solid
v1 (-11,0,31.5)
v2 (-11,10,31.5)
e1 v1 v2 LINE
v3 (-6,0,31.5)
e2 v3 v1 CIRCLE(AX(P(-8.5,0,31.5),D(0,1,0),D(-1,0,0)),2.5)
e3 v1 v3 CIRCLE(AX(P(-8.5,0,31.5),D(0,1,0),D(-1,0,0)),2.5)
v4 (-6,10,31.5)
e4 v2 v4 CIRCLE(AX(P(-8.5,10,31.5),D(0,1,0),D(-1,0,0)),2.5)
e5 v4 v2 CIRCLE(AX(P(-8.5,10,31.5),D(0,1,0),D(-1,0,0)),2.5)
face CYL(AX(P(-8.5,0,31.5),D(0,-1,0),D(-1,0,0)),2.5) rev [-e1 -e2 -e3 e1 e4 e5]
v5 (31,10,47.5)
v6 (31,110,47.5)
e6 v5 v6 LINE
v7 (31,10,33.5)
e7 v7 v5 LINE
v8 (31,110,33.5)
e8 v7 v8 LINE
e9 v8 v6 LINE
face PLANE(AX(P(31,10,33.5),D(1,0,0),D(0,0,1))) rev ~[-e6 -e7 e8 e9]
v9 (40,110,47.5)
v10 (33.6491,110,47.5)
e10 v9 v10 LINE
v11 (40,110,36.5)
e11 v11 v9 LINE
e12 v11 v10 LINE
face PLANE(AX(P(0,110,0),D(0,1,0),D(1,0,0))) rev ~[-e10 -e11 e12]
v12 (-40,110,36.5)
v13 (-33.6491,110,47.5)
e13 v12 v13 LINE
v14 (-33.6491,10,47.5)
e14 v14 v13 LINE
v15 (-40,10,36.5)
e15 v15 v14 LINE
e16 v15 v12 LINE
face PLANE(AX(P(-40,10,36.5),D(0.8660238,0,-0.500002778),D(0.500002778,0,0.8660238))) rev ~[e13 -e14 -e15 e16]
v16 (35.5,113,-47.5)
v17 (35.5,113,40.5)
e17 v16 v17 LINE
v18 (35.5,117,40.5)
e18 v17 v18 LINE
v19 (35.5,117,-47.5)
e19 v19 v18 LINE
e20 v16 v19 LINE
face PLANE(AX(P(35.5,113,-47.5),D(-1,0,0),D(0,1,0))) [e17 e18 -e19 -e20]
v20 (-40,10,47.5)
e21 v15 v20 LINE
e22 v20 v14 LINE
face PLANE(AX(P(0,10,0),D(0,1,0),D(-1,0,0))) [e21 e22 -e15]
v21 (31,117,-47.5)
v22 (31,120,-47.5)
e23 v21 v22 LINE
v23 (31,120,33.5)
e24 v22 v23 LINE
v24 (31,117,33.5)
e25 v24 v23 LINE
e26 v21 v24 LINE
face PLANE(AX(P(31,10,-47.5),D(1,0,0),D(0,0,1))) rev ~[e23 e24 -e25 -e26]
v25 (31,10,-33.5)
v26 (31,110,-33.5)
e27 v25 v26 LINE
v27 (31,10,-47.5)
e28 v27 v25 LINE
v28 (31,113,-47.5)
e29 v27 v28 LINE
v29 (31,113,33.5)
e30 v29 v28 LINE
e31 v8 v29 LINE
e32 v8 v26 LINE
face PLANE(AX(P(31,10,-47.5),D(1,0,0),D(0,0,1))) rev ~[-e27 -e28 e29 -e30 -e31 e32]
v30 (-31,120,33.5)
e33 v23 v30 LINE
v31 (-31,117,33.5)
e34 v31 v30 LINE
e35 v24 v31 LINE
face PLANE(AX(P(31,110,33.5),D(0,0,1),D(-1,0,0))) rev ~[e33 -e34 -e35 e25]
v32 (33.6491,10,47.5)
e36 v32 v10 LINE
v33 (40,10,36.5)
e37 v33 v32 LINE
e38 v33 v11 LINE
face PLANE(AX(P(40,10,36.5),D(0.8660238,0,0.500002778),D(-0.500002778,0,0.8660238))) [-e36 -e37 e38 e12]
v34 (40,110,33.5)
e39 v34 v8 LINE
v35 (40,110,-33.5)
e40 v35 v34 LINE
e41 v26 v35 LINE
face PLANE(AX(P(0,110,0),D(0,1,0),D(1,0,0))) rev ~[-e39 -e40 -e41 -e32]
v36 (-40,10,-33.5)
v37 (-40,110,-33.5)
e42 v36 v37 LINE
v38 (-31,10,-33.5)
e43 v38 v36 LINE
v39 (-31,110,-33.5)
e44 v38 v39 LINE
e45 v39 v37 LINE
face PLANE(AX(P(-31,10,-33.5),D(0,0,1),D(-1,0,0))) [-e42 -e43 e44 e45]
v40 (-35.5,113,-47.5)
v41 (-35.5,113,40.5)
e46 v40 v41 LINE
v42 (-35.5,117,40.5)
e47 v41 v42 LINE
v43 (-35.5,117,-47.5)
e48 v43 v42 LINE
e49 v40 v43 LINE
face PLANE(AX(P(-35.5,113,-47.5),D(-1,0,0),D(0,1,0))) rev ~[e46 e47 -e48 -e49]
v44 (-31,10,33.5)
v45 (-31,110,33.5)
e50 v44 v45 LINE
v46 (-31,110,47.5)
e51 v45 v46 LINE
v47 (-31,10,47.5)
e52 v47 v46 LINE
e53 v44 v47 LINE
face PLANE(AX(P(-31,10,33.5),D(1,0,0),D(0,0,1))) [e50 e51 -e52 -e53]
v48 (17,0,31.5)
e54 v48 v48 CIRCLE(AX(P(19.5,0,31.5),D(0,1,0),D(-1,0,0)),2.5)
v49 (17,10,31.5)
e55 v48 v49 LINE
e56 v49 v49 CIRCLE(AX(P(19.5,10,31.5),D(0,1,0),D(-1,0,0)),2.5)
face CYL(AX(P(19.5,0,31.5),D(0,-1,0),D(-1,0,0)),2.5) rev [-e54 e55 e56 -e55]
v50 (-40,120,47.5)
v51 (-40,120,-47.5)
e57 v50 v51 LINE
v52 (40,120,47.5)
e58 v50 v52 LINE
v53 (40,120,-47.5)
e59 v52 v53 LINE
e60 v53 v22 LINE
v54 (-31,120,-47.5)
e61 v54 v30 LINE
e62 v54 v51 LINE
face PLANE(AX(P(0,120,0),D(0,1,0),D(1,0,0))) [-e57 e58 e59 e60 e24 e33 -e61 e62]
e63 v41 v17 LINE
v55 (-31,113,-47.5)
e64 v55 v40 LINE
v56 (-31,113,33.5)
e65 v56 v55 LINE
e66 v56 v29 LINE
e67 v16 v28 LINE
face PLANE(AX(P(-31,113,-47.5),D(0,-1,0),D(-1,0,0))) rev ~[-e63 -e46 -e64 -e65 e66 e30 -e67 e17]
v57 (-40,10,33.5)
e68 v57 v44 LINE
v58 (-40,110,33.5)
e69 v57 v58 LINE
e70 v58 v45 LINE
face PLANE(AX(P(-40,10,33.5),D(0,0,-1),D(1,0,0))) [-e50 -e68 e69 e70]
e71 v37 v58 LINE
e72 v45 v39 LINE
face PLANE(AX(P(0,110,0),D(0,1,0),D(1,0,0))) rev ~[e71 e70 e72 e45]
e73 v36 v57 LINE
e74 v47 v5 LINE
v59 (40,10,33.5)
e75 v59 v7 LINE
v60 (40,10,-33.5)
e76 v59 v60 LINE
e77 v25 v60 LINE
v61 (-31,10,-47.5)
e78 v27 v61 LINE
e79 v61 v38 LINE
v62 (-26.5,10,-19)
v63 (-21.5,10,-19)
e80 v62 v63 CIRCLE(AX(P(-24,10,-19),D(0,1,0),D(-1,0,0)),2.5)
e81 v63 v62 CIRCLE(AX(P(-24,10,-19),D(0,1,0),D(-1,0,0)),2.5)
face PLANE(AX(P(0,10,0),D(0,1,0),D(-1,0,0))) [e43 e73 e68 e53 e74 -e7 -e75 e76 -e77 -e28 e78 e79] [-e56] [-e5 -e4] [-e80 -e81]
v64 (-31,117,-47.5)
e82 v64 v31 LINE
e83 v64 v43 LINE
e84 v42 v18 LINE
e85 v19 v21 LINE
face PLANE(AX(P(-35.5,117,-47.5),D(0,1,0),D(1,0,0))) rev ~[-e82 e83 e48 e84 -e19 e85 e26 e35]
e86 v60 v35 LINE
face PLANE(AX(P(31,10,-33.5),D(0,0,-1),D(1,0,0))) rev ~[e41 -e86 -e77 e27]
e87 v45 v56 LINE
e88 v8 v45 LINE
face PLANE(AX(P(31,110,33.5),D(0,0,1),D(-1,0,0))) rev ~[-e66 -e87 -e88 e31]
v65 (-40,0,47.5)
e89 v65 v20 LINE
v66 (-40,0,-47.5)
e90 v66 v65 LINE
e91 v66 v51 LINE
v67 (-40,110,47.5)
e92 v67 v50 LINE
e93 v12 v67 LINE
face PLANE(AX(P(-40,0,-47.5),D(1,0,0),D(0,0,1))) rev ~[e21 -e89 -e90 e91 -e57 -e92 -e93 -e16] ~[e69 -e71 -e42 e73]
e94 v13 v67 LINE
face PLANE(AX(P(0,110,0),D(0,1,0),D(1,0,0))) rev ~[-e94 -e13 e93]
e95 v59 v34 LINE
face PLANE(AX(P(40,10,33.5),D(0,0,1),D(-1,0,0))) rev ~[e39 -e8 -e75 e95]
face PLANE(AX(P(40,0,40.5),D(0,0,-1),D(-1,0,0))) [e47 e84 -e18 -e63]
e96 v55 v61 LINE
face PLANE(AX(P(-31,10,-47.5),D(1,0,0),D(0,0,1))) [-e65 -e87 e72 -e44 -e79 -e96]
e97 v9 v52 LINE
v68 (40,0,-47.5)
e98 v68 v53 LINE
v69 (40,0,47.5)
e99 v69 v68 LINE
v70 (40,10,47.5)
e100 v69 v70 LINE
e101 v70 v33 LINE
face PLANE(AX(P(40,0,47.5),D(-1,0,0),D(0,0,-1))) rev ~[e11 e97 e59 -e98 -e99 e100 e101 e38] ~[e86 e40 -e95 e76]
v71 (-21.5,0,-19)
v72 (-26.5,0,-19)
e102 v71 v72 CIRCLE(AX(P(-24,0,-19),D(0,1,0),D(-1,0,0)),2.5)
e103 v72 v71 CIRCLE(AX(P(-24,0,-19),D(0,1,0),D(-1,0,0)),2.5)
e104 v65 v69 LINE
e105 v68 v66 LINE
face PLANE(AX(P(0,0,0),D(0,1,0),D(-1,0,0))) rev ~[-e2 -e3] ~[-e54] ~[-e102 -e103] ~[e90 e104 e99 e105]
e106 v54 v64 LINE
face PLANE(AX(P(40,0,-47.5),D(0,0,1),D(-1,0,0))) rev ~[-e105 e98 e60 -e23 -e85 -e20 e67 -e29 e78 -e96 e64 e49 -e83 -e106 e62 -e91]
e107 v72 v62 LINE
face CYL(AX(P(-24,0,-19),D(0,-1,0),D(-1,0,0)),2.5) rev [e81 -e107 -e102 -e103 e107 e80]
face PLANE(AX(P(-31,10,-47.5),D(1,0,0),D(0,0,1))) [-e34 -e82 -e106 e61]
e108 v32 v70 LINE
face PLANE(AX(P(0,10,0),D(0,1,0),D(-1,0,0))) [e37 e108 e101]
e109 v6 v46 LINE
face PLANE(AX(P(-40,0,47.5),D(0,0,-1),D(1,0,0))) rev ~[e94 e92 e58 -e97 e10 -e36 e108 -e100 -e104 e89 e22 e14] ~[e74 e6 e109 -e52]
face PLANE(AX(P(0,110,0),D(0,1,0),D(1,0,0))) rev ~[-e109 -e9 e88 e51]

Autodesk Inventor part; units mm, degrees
ref_plane "YZ Plane" through (0, 0, 0) normal (1, 0, 0) x (0, 1, 0)
ref_plane "XZ Plane" through (0, 0, 0) normal (0, 1, 0) x (-1, 0, 0)
ref_plane "XY Plane" through (0, 0, 0) normal (0, 0, 1) x (1, 0, 0)
sketch "Sketch1" plane through (0, 0, 0) normal (0, 1, 0) x (-1, 0, 0)
  line L0 (-40, -47.5) -> (40, -47.5)
  line L1 (40, -47.5) -> (40, 47.5)
  line L2 (40, 47.5) -> (-40, 47.5)
  line L3 (-40, 47.5) -> (-40, -47.5)
  line L4 (-40, -47.5) -> (40, 47.5) construction
  line L5 (40, -47.5) -> (-40, 47.5) construction
  line L6 (0, 0) -> (0, -31.5)
  line L7 (0, -31.5) -> (8.5, -31.5)
  line L8 (0, 0) -> (2.25, 0)
  line L9 (0, 0) -> (0, 17.5)
  line L10 (0, 17.5) -> (0, 19)
  line L11 (0, 19) -> (24, 19)
  line L12 (0, -17.5) -> (0, -19)
  line L13 (0, 31.5) -> (-19.5, 31.5)
  line L14 (0, 0) -> (0, 31.5)
  line L15 (0, 31.5) -> (8.5, 31.5)
  circle A0 centre (8.5, 31.5) radius 2.5
  line L16 (0, -19) -> (24, -19)
  circle A1 centre (24, -19) radius 2.5
  line L17 (0, 0) -> (0, -17.5)
  circle A2 centre (-19.5, 31.5) radius 2.5
  circle A3 centre (-19.5, 31.5) radius 2.5
  point P0 (0.5, 0.75)
  point P1 (0.5, -0.75)
  dimension "d0" = 80
  dimension "d1" = 95
  dimension "d2" = 17.5
  dimension "d3" = 8.5
  dimension "d5" = 31.5
  dimension "d6" = 24
  dimension "d7" = 2.25
  dimension "d12" = 19.5
extrude "Extrusion1" add sketch "Sketch1" along normal blind 10
sketch "Sketch2" plane through (0, 10, 0) normal (0, 1, 0) x (1, 0, 0)
  line L0 (-40, -47.5) -> (40, -47.5) projected
  line L1 (-40, -47.5) -> (-40, -36.5)
  line L2 (-40, 47.5) -> (-40, -47.5) projected
  line L3 (-40, -36.5) -> (-33.6491, -47.5)
  line L4 (-40, -36.5) -> (-27.2983, -36.5) construction
  line L5 (-33.6491, -47.5) -> (-33.6491, -43.5)
  line L6 (-40, -36.5) -> (-40, -33.5)
  line L7 (-33.6491, -47.5) -> (-33.6491, -45.5)
  line L8 (-32.6491, -47.5) -> (-31.6491, -47.5)
  line L9 (0, 0) -> (0, -47.5)
  line L10 (-40, -33.5) -> (-31, -33.5)
  line L11 (-31, -33.5) -> (-31, -47.5)
  line L12 (-33.6491, -47.5) -> (-31, -47.5)
  line L13 (40, -47.5) -> (40, -36.5)
  line L14 (40, -36.5) -> (33.6491, -47.5)
  line L15 (40, -36.5) -> (27.2983, -36.5) construction
  line L16 (33.6491, -47.5) -> (33.6491, -43.5)
  line L17 (40, -36.5) -> (40, -33.5)
  line L18 (33.6491, -47.5) -> (33.6491, -45.5)
  line L19 (32.6491, -47.5) -> (31.6491, -47.5)
  line L20 (40, -33.5) -> (31, -33.5)
  line L21 (31, -33.5) -> (31, -47.5)
  line L22 (33.6491, -47.5) -> (31, -47.5)
  line L23 (-40, 47.5) -> (-31, 47.5)
  line L24 (-31, 47.5) -> (-31, 33.5)
  line L25 (-31, 33.5) -> (-40, 33.5)
  line L26 (-40, 33.5) -> (-40, 47.5)
  line L27 (40, -47.5) -> (40, 47.5) projected
  line L28 (40, 47.5) -> (31, 47.5)
  line L29 (31, 47.5) -> (31, 33.5)
  line L30 (31, 33.5) -> (40, 33.5)
  line L31 (40, 33.5) -> (40, 47.5)
  dimension "d15" = 11
  dimension "d16" = 60
  dimension "d18" = 3
  dimension "d20" = 2
  dimension "d21" = 9
  dimension "d22" = 9
  dimension "d23" = 14
  dimension "d24" = 9
  dimension "d25" = 14
extrude "Extrusion2" add sketch "Sketch2" along normal blind 100 contours L2 L23 L24 L25 | L30 L29 L28 L27 | L21 L20 L17 L14 L0 | L3 L2 L10 L11 L0
sketch "Sketch4" plane through (0, 110, 0) normal (0, 1, 0) x (1, 0, 0)
  line L0 (-40, 47.5) -> (-40, 33.5) projected
  line L1 (-40, 33.5) -> (-31, 33.5) projected
  line L2 (-31, 33.5) -> (-31, 47.5) projected
  line L3 (-31, 47.5) -> (-40, 47.5) projected
  line L4 (40, 47.5) -> (31, 47.5) projected
  line L5 (31, 47.5) -> (31, 33.5) projected
  line L6 (31, 33.5) -> (40, 33.5) projected
  line L7 (40, 33.5) -> (40, 47.5) projected
  line L8 (33.6491, -47.5) -> (40, -36.5) projected
  line L9 (40, -36.5) -> (40, -33.5) projected
  line L10 (40, -33.5) -> (31, -33.5) projected
  line L11 (31, -33.5) -> (31, -47.5) projected
  line L12 (31, -47.5) -> (33.6491, -47.5) projected
  line L13 (-31, -47.5) -> (-31, -33.5) projected
  line L14 (-33.6491, -47.5) -> (-31, -47.5) projected
  line L15 (-31, -47.5) -> (-31, -33.5) projected
  line L16 (-31, -33.5) -> (-40, -33.5) projected
  line L17 (-40, -33.5) -> (-40, -36.5) projected
  line L18 (-40, -36.5) -> (-33.6491, -47.5) projected
  line L19 (-33.6491, -47.5) -> (-40, -36.5) projected
  line L20 (-40, -36.5) -> (-40, -47.5) projected
  line L21 (-40, -47.5) -> (-33.6491, -47.5) projected
  line L22 (40, -36.5) -> (33.6491, -47.5) projected
  line L23 (33.6491, -47.5) -> (40, -47.5) projected
  line L24 (40, -47.5) -> (40, -36.5) projected
  line L25 (-40, 47.5) -> (40, 47.5) projected
  line L26 (-40, 47.5) -> (-40, -47.5)
  line L27 (40, -47.5) -> (-40, -47.5) projected
  line L28 (-40, -47.5) -> (40, -47.5)
  line L29 (40, -47.5) -> (40, 47.5)
  line L30 (31, 33.5) -> (31, 47.5) projected
  line L31 (31, 47.5) -> (40, 47.5)
  line L32 (31, 47.5) -> (31, -33.5)
  line L33 (40, -33.5) -> (31, -33.5) projected
  line L34 (-40, -33.5) -> (-31, -33.5) projected
  line L35 (31, -33.5) -> (-31, -33.5)
  line L36 (-31, -33.5) -> (-31, 47.5)
  line L37 (-31, 47.5) -> (-31, 33.5) projected
  line L38 (-40, 47.5) -> (-31, 47.5)
  line L39 (-31, 47.1909) -> (-31, 33.5)
  line L40 (-40, 47.5) -> (-40, 33.5) projected
  line L41 (-31, 33.5) -> (-40, 33.5)
  line L42 (31, 33.5) -> (40, 33.5) projected
  line L43 (31, 33.5) -> (40, 33.5)
  point P0 (0, 0)
extrude "Extrusion3" add sketch "Sketch4" along normal blind 10 contours L3 L2 L1 L0 | L1 L36 L16 L26 | L16 L13 L14 L18 L17 | L4 L7 L6 L5 | L35 L11 L27 L13 | L18 L21 L20 | L6 L29 L10 L32 | L10 L9 L8 L12 L11 | L8 L24 L23
sketch "Sketch5" plane through (40, 0, -47.5) normal (0, 0, -1) x (-1, 0, 0)
  line L0 (80, 0) -> (0, 0) projected
  line L1 (80, 0) -> (80, 120) projected
  line L2 (71, 120) -> (80, 120) projected
  line L3 (71, 10) -> (71, 120) projected
  line L4 (9, 10) -> (71, 10) projected
  line L5 (9, 10) -> (9, 120) projected
  line L6 (0, 120) -> (9, 120) projected
  line L7 (0, 0) -> (0, 120) projected
  line L8 (9, 110) -> (71, 110) projected
  line L9 (71, 110) -> (71, 120) projected
  line L10 (9, 120) -> (71, 120) projected
  line L11 (9, 110) -> (9, 120) projected
  line L12 (9, 110) -> (9, 113)
  line L13 (9, 10) -> (9, 120) projected
  line L14 (9, 113) -> (4.5, 113)
  line L15 (4.5, 113) -> (4.5, 117)
  line L16 (4.5, 117) -> (9, 117)
  line L17 (9, 117) -> (9, 113)
  line L18 (9, 117) -> (9, 113)
  line L19 (9, 113) -> (71, 113)
  line L20 (71, 10) -> (71, 120) projected
  line L21 (71, 113) -> (75.5, 113)
  line L22 (75.5, 113) -> (75.5, 117)
  line L23 (75.5, 117) -> (71, 117)
  line L24 (71, 113) -> (71, 117)
  line L25 (71, 113) -> (71, 117)
  line L26 (8.545, 117) -> (71, 117)
  point P0 (40, 0)
  dimension "d30" = 3
  dimension "d31" = 4
  dimension "d32" = 4
extrude "Extrusion4" cut sketch "Sketch5" against normal blind 88 contours L23 L22 L21 L3 | L3 L19 L5 L26 | L5 L14 L15 L16
sketch "Sketch6" plane through (0, 0, 0) normal (0, -1, 0) x (1, 0, 0)
  point P0 (0, 0)
